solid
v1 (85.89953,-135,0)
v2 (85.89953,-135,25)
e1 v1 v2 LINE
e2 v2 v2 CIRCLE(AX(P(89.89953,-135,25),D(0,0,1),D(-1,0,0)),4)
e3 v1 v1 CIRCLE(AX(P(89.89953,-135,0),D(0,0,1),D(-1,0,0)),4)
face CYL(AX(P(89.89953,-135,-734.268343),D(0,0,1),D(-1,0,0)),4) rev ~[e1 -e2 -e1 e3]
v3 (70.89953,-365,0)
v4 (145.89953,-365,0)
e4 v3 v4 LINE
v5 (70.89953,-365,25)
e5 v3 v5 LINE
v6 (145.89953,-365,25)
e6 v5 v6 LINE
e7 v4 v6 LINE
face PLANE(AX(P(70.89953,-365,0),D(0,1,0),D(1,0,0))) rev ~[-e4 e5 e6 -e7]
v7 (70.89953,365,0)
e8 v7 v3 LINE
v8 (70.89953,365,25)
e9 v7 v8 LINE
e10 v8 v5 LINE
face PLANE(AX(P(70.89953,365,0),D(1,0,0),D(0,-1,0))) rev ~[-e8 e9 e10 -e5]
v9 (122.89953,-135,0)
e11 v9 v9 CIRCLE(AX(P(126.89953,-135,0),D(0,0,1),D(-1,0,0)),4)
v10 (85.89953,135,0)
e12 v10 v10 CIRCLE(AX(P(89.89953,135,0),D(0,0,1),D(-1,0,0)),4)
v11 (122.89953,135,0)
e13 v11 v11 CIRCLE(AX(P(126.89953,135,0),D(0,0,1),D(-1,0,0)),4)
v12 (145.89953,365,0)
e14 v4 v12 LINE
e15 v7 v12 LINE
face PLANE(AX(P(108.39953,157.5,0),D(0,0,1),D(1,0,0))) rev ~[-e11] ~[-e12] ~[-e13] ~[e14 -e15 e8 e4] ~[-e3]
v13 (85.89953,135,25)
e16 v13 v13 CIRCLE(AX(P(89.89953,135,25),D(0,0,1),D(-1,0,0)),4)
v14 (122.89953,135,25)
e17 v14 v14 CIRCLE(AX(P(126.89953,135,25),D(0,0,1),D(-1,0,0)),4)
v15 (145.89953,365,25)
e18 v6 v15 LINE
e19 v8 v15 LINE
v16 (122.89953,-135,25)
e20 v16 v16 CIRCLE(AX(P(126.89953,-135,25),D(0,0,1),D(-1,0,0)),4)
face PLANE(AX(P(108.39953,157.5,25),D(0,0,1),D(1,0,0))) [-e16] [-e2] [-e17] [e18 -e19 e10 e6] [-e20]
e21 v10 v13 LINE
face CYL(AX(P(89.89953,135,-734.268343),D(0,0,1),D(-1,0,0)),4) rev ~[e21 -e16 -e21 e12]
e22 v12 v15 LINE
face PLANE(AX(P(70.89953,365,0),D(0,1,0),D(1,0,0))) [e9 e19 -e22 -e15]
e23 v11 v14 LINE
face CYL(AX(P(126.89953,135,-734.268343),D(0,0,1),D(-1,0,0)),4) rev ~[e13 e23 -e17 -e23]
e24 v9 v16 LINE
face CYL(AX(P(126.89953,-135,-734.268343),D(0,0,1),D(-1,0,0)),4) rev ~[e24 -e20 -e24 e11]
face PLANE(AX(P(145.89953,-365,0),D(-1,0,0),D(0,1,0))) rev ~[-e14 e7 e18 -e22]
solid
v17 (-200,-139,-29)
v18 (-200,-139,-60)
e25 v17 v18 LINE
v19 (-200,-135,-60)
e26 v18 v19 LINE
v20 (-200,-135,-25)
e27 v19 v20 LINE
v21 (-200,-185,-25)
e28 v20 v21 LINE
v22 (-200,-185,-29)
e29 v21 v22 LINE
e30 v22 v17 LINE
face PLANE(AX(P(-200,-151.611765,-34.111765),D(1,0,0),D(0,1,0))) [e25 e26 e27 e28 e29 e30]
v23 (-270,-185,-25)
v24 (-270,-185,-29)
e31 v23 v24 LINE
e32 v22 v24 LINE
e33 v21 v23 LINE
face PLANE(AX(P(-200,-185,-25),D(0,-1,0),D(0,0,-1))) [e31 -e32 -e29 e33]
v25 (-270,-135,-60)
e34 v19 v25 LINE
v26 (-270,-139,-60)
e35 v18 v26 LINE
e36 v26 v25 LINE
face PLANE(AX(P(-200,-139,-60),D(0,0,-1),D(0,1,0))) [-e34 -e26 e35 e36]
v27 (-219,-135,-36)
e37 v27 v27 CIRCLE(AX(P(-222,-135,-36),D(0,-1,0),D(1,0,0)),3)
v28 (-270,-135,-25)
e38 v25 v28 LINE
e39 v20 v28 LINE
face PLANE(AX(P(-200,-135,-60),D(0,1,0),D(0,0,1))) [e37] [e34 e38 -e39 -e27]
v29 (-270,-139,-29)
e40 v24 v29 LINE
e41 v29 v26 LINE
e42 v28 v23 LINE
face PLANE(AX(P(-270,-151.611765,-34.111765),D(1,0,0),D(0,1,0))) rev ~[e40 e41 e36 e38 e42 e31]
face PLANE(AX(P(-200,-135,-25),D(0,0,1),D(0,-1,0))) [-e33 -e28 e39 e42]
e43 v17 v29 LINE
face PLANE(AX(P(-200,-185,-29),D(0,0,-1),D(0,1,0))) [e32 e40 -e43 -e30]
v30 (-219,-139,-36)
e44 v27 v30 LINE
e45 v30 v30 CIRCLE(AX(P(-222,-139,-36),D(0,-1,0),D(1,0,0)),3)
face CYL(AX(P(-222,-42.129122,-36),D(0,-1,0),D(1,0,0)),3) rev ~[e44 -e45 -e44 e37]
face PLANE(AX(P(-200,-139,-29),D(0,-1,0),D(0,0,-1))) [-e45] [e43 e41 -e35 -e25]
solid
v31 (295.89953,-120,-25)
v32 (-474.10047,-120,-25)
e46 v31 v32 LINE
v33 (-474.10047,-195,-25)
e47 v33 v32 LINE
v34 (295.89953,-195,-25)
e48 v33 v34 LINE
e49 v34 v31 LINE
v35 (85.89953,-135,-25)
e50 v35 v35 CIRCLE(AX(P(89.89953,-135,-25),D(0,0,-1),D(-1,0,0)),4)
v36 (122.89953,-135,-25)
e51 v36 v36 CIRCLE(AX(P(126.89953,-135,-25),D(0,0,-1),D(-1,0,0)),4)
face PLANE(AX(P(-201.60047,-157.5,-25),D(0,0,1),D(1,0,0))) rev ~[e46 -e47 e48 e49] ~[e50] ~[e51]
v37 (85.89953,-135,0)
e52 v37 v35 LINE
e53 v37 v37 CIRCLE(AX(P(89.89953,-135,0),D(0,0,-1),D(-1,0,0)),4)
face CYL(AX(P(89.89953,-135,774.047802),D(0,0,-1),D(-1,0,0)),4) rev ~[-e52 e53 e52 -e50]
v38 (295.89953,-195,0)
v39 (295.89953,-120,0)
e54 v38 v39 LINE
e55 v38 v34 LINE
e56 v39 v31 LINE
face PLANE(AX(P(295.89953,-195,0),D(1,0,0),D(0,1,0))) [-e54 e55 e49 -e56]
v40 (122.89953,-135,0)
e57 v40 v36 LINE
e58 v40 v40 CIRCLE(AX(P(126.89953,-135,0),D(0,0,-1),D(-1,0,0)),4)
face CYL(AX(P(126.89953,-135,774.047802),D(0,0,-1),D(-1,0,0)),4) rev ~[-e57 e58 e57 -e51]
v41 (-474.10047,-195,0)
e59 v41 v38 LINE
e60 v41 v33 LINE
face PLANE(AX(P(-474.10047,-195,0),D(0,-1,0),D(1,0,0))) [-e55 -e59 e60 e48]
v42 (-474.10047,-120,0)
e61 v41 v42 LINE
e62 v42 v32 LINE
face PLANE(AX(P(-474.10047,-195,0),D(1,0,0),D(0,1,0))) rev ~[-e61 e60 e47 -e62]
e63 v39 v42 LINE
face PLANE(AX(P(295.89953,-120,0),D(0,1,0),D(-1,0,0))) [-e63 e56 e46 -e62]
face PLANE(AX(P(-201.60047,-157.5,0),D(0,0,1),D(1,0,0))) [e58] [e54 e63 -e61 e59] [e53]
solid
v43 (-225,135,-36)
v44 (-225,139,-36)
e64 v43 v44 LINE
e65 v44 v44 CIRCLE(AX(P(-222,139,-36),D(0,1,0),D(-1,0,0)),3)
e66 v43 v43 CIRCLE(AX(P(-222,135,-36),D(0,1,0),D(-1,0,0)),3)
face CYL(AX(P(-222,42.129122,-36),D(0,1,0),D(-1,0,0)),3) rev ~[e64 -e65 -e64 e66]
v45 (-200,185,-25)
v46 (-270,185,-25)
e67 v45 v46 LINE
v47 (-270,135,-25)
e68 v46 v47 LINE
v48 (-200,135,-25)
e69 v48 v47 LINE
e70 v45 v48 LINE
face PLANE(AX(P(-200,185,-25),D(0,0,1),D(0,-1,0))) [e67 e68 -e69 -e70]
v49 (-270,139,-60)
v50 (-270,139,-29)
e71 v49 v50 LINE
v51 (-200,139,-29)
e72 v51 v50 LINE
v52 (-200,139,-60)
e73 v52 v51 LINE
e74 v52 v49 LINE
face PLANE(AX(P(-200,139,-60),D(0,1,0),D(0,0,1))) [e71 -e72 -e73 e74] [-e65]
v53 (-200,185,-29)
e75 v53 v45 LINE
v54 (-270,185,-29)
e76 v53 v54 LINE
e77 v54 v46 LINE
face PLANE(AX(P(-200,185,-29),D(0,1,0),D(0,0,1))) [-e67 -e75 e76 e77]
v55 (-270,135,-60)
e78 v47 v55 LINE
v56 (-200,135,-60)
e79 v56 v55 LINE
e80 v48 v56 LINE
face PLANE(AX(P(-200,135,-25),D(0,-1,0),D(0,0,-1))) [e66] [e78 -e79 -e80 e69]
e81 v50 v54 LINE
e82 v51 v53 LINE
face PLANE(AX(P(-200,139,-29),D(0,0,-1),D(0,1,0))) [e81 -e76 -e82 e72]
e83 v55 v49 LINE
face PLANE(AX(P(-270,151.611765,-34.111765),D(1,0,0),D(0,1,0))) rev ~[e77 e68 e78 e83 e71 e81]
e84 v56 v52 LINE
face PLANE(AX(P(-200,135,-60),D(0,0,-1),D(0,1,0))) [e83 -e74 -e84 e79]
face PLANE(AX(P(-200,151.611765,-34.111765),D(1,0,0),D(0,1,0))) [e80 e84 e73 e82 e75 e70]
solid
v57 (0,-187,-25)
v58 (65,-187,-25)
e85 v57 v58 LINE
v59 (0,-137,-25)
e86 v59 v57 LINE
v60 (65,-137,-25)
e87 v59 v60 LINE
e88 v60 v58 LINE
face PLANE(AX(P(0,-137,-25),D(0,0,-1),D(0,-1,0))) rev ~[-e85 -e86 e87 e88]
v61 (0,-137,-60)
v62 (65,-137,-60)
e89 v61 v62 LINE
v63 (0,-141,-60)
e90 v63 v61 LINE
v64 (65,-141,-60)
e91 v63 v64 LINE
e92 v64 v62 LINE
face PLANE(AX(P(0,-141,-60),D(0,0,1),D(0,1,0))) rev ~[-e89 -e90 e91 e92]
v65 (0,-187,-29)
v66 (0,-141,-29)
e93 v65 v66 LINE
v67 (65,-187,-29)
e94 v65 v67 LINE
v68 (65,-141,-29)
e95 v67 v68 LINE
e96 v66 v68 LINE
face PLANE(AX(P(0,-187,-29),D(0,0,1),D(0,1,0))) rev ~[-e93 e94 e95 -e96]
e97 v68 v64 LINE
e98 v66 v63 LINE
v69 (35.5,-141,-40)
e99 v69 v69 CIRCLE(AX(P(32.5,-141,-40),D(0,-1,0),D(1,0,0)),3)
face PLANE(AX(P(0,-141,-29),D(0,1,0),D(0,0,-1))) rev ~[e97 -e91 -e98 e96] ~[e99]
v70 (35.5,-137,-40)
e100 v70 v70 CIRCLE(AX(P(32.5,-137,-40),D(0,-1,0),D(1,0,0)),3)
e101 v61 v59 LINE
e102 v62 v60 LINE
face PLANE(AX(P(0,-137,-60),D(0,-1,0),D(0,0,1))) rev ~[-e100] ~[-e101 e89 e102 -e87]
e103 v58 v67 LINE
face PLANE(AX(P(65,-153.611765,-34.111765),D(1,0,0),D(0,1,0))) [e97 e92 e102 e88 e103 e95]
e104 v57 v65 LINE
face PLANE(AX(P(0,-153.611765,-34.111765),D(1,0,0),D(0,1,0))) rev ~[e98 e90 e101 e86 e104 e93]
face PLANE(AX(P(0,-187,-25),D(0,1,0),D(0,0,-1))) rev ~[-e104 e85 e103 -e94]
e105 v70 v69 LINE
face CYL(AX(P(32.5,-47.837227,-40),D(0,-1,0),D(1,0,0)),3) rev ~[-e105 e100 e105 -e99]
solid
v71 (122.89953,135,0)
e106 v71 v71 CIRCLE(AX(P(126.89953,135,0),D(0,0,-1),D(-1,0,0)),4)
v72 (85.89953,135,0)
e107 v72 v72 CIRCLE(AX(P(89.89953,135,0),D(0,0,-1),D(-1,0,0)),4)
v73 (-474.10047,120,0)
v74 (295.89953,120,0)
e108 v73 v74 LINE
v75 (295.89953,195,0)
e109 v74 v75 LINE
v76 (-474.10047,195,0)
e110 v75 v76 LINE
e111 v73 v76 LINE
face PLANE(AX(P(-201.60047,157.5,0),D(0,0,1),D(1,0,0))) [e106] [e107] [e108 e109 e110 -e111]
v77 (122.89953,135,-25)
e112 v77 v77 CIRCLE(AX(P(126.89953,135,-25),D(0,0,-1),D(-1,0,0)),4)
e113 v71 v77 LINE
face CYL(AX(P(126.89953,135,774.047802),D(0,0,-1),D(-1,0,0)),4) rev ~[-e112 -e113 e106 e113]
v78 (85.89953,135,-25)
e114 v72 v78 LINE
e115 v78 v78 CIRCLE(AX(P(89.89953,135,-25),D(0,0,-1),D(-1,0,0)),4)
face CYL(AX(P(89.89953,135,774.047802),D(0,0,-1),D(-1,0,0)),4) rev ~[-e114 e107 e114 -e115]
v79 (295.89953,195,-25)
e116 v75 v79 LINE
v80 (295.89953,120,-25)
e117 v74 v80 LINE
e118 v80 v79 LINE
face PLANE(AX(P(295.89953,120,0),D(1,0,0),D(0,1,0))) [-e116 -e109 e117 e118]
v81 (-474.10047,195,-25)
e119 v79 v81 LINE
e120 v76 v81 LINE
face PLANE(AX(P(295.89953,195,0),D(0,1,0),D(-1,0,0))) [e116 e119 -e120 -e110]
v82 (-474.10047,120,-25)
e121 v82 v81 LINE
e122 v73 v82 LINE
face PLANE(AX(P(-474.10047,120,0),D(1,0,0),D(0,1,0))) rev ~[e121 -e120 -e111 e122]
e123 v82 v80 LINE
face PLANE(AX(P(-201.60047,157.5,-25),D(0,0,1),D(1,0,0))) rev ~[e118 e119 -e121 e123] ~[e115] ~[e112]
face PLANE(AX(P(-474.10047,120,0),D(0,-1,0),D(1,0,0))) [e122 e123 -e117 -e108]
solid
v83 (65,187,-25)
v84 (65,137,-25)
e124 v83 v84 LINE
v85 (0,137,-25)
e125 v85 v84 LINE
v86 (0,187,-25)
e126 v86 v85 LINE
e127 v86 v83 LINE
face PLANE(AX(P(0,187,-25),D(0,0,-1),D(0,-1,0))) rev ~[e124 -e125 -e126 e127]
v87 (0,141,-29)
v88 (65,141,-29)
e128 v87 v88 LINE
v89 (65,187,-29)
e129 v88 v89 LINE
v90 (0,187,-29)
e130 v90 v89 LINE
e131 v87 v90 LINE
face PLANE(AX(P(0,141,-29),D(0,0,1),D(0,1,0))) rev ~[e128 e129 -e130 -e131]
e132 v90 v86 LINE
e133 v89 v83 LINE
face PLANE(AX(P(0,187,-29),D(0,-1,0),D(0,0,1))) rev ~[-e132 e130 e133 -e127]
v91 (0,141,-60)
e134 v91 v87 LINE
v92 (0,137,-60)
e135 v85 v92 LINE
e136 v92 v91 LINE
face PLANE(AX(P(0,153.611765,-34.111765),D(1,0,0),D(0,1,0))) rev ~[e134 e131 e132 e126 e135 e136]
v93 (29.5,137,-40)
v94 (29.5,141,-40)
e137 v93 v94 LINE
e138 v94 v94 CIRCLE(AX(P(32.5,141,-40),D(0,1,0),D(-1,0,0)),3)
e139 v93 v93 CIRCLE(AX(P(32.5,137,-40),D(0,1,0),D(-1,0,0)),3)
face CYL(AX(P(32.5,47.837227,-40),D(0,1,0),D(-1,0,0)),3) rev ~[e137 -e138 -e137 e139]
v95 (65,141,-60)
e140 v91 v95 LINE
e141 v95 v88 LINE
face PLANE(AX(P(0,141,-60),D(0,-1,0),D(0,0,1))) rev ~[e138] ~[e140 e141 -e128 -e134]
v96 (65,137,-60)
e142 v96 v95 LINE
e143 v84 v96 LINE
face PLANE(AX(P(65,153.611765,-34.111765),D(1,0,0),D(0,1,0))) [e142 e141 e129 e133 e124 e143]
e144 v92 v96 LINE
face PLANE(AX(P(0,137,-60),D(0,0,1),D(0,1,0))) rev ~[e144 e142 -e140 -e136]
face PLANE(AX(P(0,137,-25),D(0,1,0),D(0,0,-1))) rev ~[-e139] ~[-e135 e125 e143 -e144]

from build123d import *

# Parameters (mm, degrees)
F0_W      = 545
F0_H      = 75
F0_W_2    = 75
F0_W_3    = 150
F1_DEPTH  = 25
F0_H_2    = 170
F0_H_3    = 240
F2_DEPTH  = 25
F3_D      = 8
F3_2_D    = 8
F4_D      = 8
F7_DEPTH  = 65
F9_D      = 6
F10_DEPTH = 65
F12_D     = 6
F16_DEPTH = 70
F17_DEPTH = 70
F19_D     = 6
F21_D     = 6


with BuildPart() as f1:
    # F0 (on Top) → F1 (new body)
    with BuildSketch(Plane.XY):
        with Locations((-201.6004703326, 157.5)):
            Rectangle(F0_W, F0_H)
        with Locations((108.3995296674, 157.5)):
            Rectangle(F0_W_2, F0_H)
        with Locations((220.8995296674, 157.5)):
            Rectangle(F0_W_3, F0_H)
    extrude(amount=-F1_DEPTH)

    # F3 (through all)
    with Locations(Plane.XY):
        with Locations((89.8995296674, 135), (126.8995296674, 135), (89.8995296674, -135), (126.8995296674, -135)):
            Hole(F3_D / 2)


with BuildPart() as f1b:
    # F0 (on Top) → F1, piece 2 (new body)
    with BuildSketch(Plane.XY):
        with Locations((-201.6004703326, -157.5)):
            Rectangle(F0_W, F0_H)
        with Locations((108.3995296674, -157.5)):
            Rectangle(F0_W_2, F0_H)
        with Locations((220.8995296674, -157.5)):
            Rectangle(F0_W_3, F0_H)
    extrude(amount=-F1_DEPTH)

    # F3#2 (through all)
    with Locations(Plane.XY):
        with Locations((89.8995296674, 135), (126.8995296674, 135), (89.8995296674, -135), (126.8995296674, -135)):
            Hole(F3_2_D / 2)


with BuildPart() as f2:
    # F0 (on Top) → F2 (new body)
    with BuildSketch(Plane.XY):
        with Locations((108.3995296674, 157.5)):
            Rectangle(F0_W_2, F0_H)
        with Locations((108.3995296674, 280)):
            Rectangle(F0_W_2, F0_H_2)
        with Locations((108.3995296674, 0)):
            Rectangle(F0_W_2, F0_H_3)
        with Locations((108.3995296674, -157.5)):
            Rectangle(F0_W_2, F0_H)
        with Locations((108.3995296674, -280)):
            Rectangle(F0_W_2, F0_H_2)
    extrude(amount=F2_DEPTH)

    # F4 (through all)
    with Locations(Plane(origin=(0, 0, 0), x_dir=(1, 0, 0), z_dir=(0, 0, -1))):
        with Locations((126.8995296674, 135), (89.8995296674, 135), (126.8995296674, -135), (89.8995296674, -135)):
            Hole(F4_D / 2)


with BuildPart() as f7:
    # F6 (on Right) → F7 (new body)
    with BuildSketch(Plane.YZ):
        Polygon((187, -29), (187, -25), (137, -25), (137, -60), (141, -60), (141, -29), align=None)
    extrude(amount=F7_DEPTH)

    # F9 (through all)
    with Locations(Plane.XZ.offset(-137)):
        with Locations((32.5, -40)):
            Hole(F9_D / 2)


with BuildPart() as f10:
    # F5 (on Right) → F10 (new body)
    with BuildSketch(Plane.YZ):
        Polygon((-141, -60), (-137, -60), (-137, -25), (-187, -25), (-187, -29), (-141, -29), align=None)
    extrude(amount=F10_DEPTH)

    # F12 (through all)
    with Locations(Plane(origin=(0, -137, 0), x_dir=(-1, 0, 0), z_dir=(0, 1, 0))):
        with Locations((-32.5, -40)):
            Hole(F12_D / 2)


with BuildPart() as f16:
    # F14 (on offset) → F16 (new body)
    with BuildSketch(Plane.YZ.offset(-200)):
        Polygon((-139, -60), (-135, -60), (-135, -25), (-185, -25), (-185, -29), (-139, -29), align=None)
    extrude(amount=-F16_DEPTH)

    # F19 (through all)
    with Locations(Plane(origin=(0, -135, 0), x_dir=(-1, 0, 0), z_dir=(0, 1, 0))):
        with Locations((222, -36)):
            Hole(F19_D / 2)


with BuildPart() as f17:
    # F15 (on offset) → F17 (new body)
    with BuildSketch(Plane.YZ.offset(-200)):
        Polygon((185, -29), (185, -25), (135, -25), (135, -60), (139, -60), (139, -29), align=None)
    extrude(amount=-F17_DEPTH)

    # F21 (through all)
    with Locations(Plane.XZ.offset(-135)):
        with Locations((-222, -36)):
            Hole(F21_D / 2)


solid = Compound([f1.part, f1b.part, f2.part, f7.part, f10.part, f16.part, f17.part])
